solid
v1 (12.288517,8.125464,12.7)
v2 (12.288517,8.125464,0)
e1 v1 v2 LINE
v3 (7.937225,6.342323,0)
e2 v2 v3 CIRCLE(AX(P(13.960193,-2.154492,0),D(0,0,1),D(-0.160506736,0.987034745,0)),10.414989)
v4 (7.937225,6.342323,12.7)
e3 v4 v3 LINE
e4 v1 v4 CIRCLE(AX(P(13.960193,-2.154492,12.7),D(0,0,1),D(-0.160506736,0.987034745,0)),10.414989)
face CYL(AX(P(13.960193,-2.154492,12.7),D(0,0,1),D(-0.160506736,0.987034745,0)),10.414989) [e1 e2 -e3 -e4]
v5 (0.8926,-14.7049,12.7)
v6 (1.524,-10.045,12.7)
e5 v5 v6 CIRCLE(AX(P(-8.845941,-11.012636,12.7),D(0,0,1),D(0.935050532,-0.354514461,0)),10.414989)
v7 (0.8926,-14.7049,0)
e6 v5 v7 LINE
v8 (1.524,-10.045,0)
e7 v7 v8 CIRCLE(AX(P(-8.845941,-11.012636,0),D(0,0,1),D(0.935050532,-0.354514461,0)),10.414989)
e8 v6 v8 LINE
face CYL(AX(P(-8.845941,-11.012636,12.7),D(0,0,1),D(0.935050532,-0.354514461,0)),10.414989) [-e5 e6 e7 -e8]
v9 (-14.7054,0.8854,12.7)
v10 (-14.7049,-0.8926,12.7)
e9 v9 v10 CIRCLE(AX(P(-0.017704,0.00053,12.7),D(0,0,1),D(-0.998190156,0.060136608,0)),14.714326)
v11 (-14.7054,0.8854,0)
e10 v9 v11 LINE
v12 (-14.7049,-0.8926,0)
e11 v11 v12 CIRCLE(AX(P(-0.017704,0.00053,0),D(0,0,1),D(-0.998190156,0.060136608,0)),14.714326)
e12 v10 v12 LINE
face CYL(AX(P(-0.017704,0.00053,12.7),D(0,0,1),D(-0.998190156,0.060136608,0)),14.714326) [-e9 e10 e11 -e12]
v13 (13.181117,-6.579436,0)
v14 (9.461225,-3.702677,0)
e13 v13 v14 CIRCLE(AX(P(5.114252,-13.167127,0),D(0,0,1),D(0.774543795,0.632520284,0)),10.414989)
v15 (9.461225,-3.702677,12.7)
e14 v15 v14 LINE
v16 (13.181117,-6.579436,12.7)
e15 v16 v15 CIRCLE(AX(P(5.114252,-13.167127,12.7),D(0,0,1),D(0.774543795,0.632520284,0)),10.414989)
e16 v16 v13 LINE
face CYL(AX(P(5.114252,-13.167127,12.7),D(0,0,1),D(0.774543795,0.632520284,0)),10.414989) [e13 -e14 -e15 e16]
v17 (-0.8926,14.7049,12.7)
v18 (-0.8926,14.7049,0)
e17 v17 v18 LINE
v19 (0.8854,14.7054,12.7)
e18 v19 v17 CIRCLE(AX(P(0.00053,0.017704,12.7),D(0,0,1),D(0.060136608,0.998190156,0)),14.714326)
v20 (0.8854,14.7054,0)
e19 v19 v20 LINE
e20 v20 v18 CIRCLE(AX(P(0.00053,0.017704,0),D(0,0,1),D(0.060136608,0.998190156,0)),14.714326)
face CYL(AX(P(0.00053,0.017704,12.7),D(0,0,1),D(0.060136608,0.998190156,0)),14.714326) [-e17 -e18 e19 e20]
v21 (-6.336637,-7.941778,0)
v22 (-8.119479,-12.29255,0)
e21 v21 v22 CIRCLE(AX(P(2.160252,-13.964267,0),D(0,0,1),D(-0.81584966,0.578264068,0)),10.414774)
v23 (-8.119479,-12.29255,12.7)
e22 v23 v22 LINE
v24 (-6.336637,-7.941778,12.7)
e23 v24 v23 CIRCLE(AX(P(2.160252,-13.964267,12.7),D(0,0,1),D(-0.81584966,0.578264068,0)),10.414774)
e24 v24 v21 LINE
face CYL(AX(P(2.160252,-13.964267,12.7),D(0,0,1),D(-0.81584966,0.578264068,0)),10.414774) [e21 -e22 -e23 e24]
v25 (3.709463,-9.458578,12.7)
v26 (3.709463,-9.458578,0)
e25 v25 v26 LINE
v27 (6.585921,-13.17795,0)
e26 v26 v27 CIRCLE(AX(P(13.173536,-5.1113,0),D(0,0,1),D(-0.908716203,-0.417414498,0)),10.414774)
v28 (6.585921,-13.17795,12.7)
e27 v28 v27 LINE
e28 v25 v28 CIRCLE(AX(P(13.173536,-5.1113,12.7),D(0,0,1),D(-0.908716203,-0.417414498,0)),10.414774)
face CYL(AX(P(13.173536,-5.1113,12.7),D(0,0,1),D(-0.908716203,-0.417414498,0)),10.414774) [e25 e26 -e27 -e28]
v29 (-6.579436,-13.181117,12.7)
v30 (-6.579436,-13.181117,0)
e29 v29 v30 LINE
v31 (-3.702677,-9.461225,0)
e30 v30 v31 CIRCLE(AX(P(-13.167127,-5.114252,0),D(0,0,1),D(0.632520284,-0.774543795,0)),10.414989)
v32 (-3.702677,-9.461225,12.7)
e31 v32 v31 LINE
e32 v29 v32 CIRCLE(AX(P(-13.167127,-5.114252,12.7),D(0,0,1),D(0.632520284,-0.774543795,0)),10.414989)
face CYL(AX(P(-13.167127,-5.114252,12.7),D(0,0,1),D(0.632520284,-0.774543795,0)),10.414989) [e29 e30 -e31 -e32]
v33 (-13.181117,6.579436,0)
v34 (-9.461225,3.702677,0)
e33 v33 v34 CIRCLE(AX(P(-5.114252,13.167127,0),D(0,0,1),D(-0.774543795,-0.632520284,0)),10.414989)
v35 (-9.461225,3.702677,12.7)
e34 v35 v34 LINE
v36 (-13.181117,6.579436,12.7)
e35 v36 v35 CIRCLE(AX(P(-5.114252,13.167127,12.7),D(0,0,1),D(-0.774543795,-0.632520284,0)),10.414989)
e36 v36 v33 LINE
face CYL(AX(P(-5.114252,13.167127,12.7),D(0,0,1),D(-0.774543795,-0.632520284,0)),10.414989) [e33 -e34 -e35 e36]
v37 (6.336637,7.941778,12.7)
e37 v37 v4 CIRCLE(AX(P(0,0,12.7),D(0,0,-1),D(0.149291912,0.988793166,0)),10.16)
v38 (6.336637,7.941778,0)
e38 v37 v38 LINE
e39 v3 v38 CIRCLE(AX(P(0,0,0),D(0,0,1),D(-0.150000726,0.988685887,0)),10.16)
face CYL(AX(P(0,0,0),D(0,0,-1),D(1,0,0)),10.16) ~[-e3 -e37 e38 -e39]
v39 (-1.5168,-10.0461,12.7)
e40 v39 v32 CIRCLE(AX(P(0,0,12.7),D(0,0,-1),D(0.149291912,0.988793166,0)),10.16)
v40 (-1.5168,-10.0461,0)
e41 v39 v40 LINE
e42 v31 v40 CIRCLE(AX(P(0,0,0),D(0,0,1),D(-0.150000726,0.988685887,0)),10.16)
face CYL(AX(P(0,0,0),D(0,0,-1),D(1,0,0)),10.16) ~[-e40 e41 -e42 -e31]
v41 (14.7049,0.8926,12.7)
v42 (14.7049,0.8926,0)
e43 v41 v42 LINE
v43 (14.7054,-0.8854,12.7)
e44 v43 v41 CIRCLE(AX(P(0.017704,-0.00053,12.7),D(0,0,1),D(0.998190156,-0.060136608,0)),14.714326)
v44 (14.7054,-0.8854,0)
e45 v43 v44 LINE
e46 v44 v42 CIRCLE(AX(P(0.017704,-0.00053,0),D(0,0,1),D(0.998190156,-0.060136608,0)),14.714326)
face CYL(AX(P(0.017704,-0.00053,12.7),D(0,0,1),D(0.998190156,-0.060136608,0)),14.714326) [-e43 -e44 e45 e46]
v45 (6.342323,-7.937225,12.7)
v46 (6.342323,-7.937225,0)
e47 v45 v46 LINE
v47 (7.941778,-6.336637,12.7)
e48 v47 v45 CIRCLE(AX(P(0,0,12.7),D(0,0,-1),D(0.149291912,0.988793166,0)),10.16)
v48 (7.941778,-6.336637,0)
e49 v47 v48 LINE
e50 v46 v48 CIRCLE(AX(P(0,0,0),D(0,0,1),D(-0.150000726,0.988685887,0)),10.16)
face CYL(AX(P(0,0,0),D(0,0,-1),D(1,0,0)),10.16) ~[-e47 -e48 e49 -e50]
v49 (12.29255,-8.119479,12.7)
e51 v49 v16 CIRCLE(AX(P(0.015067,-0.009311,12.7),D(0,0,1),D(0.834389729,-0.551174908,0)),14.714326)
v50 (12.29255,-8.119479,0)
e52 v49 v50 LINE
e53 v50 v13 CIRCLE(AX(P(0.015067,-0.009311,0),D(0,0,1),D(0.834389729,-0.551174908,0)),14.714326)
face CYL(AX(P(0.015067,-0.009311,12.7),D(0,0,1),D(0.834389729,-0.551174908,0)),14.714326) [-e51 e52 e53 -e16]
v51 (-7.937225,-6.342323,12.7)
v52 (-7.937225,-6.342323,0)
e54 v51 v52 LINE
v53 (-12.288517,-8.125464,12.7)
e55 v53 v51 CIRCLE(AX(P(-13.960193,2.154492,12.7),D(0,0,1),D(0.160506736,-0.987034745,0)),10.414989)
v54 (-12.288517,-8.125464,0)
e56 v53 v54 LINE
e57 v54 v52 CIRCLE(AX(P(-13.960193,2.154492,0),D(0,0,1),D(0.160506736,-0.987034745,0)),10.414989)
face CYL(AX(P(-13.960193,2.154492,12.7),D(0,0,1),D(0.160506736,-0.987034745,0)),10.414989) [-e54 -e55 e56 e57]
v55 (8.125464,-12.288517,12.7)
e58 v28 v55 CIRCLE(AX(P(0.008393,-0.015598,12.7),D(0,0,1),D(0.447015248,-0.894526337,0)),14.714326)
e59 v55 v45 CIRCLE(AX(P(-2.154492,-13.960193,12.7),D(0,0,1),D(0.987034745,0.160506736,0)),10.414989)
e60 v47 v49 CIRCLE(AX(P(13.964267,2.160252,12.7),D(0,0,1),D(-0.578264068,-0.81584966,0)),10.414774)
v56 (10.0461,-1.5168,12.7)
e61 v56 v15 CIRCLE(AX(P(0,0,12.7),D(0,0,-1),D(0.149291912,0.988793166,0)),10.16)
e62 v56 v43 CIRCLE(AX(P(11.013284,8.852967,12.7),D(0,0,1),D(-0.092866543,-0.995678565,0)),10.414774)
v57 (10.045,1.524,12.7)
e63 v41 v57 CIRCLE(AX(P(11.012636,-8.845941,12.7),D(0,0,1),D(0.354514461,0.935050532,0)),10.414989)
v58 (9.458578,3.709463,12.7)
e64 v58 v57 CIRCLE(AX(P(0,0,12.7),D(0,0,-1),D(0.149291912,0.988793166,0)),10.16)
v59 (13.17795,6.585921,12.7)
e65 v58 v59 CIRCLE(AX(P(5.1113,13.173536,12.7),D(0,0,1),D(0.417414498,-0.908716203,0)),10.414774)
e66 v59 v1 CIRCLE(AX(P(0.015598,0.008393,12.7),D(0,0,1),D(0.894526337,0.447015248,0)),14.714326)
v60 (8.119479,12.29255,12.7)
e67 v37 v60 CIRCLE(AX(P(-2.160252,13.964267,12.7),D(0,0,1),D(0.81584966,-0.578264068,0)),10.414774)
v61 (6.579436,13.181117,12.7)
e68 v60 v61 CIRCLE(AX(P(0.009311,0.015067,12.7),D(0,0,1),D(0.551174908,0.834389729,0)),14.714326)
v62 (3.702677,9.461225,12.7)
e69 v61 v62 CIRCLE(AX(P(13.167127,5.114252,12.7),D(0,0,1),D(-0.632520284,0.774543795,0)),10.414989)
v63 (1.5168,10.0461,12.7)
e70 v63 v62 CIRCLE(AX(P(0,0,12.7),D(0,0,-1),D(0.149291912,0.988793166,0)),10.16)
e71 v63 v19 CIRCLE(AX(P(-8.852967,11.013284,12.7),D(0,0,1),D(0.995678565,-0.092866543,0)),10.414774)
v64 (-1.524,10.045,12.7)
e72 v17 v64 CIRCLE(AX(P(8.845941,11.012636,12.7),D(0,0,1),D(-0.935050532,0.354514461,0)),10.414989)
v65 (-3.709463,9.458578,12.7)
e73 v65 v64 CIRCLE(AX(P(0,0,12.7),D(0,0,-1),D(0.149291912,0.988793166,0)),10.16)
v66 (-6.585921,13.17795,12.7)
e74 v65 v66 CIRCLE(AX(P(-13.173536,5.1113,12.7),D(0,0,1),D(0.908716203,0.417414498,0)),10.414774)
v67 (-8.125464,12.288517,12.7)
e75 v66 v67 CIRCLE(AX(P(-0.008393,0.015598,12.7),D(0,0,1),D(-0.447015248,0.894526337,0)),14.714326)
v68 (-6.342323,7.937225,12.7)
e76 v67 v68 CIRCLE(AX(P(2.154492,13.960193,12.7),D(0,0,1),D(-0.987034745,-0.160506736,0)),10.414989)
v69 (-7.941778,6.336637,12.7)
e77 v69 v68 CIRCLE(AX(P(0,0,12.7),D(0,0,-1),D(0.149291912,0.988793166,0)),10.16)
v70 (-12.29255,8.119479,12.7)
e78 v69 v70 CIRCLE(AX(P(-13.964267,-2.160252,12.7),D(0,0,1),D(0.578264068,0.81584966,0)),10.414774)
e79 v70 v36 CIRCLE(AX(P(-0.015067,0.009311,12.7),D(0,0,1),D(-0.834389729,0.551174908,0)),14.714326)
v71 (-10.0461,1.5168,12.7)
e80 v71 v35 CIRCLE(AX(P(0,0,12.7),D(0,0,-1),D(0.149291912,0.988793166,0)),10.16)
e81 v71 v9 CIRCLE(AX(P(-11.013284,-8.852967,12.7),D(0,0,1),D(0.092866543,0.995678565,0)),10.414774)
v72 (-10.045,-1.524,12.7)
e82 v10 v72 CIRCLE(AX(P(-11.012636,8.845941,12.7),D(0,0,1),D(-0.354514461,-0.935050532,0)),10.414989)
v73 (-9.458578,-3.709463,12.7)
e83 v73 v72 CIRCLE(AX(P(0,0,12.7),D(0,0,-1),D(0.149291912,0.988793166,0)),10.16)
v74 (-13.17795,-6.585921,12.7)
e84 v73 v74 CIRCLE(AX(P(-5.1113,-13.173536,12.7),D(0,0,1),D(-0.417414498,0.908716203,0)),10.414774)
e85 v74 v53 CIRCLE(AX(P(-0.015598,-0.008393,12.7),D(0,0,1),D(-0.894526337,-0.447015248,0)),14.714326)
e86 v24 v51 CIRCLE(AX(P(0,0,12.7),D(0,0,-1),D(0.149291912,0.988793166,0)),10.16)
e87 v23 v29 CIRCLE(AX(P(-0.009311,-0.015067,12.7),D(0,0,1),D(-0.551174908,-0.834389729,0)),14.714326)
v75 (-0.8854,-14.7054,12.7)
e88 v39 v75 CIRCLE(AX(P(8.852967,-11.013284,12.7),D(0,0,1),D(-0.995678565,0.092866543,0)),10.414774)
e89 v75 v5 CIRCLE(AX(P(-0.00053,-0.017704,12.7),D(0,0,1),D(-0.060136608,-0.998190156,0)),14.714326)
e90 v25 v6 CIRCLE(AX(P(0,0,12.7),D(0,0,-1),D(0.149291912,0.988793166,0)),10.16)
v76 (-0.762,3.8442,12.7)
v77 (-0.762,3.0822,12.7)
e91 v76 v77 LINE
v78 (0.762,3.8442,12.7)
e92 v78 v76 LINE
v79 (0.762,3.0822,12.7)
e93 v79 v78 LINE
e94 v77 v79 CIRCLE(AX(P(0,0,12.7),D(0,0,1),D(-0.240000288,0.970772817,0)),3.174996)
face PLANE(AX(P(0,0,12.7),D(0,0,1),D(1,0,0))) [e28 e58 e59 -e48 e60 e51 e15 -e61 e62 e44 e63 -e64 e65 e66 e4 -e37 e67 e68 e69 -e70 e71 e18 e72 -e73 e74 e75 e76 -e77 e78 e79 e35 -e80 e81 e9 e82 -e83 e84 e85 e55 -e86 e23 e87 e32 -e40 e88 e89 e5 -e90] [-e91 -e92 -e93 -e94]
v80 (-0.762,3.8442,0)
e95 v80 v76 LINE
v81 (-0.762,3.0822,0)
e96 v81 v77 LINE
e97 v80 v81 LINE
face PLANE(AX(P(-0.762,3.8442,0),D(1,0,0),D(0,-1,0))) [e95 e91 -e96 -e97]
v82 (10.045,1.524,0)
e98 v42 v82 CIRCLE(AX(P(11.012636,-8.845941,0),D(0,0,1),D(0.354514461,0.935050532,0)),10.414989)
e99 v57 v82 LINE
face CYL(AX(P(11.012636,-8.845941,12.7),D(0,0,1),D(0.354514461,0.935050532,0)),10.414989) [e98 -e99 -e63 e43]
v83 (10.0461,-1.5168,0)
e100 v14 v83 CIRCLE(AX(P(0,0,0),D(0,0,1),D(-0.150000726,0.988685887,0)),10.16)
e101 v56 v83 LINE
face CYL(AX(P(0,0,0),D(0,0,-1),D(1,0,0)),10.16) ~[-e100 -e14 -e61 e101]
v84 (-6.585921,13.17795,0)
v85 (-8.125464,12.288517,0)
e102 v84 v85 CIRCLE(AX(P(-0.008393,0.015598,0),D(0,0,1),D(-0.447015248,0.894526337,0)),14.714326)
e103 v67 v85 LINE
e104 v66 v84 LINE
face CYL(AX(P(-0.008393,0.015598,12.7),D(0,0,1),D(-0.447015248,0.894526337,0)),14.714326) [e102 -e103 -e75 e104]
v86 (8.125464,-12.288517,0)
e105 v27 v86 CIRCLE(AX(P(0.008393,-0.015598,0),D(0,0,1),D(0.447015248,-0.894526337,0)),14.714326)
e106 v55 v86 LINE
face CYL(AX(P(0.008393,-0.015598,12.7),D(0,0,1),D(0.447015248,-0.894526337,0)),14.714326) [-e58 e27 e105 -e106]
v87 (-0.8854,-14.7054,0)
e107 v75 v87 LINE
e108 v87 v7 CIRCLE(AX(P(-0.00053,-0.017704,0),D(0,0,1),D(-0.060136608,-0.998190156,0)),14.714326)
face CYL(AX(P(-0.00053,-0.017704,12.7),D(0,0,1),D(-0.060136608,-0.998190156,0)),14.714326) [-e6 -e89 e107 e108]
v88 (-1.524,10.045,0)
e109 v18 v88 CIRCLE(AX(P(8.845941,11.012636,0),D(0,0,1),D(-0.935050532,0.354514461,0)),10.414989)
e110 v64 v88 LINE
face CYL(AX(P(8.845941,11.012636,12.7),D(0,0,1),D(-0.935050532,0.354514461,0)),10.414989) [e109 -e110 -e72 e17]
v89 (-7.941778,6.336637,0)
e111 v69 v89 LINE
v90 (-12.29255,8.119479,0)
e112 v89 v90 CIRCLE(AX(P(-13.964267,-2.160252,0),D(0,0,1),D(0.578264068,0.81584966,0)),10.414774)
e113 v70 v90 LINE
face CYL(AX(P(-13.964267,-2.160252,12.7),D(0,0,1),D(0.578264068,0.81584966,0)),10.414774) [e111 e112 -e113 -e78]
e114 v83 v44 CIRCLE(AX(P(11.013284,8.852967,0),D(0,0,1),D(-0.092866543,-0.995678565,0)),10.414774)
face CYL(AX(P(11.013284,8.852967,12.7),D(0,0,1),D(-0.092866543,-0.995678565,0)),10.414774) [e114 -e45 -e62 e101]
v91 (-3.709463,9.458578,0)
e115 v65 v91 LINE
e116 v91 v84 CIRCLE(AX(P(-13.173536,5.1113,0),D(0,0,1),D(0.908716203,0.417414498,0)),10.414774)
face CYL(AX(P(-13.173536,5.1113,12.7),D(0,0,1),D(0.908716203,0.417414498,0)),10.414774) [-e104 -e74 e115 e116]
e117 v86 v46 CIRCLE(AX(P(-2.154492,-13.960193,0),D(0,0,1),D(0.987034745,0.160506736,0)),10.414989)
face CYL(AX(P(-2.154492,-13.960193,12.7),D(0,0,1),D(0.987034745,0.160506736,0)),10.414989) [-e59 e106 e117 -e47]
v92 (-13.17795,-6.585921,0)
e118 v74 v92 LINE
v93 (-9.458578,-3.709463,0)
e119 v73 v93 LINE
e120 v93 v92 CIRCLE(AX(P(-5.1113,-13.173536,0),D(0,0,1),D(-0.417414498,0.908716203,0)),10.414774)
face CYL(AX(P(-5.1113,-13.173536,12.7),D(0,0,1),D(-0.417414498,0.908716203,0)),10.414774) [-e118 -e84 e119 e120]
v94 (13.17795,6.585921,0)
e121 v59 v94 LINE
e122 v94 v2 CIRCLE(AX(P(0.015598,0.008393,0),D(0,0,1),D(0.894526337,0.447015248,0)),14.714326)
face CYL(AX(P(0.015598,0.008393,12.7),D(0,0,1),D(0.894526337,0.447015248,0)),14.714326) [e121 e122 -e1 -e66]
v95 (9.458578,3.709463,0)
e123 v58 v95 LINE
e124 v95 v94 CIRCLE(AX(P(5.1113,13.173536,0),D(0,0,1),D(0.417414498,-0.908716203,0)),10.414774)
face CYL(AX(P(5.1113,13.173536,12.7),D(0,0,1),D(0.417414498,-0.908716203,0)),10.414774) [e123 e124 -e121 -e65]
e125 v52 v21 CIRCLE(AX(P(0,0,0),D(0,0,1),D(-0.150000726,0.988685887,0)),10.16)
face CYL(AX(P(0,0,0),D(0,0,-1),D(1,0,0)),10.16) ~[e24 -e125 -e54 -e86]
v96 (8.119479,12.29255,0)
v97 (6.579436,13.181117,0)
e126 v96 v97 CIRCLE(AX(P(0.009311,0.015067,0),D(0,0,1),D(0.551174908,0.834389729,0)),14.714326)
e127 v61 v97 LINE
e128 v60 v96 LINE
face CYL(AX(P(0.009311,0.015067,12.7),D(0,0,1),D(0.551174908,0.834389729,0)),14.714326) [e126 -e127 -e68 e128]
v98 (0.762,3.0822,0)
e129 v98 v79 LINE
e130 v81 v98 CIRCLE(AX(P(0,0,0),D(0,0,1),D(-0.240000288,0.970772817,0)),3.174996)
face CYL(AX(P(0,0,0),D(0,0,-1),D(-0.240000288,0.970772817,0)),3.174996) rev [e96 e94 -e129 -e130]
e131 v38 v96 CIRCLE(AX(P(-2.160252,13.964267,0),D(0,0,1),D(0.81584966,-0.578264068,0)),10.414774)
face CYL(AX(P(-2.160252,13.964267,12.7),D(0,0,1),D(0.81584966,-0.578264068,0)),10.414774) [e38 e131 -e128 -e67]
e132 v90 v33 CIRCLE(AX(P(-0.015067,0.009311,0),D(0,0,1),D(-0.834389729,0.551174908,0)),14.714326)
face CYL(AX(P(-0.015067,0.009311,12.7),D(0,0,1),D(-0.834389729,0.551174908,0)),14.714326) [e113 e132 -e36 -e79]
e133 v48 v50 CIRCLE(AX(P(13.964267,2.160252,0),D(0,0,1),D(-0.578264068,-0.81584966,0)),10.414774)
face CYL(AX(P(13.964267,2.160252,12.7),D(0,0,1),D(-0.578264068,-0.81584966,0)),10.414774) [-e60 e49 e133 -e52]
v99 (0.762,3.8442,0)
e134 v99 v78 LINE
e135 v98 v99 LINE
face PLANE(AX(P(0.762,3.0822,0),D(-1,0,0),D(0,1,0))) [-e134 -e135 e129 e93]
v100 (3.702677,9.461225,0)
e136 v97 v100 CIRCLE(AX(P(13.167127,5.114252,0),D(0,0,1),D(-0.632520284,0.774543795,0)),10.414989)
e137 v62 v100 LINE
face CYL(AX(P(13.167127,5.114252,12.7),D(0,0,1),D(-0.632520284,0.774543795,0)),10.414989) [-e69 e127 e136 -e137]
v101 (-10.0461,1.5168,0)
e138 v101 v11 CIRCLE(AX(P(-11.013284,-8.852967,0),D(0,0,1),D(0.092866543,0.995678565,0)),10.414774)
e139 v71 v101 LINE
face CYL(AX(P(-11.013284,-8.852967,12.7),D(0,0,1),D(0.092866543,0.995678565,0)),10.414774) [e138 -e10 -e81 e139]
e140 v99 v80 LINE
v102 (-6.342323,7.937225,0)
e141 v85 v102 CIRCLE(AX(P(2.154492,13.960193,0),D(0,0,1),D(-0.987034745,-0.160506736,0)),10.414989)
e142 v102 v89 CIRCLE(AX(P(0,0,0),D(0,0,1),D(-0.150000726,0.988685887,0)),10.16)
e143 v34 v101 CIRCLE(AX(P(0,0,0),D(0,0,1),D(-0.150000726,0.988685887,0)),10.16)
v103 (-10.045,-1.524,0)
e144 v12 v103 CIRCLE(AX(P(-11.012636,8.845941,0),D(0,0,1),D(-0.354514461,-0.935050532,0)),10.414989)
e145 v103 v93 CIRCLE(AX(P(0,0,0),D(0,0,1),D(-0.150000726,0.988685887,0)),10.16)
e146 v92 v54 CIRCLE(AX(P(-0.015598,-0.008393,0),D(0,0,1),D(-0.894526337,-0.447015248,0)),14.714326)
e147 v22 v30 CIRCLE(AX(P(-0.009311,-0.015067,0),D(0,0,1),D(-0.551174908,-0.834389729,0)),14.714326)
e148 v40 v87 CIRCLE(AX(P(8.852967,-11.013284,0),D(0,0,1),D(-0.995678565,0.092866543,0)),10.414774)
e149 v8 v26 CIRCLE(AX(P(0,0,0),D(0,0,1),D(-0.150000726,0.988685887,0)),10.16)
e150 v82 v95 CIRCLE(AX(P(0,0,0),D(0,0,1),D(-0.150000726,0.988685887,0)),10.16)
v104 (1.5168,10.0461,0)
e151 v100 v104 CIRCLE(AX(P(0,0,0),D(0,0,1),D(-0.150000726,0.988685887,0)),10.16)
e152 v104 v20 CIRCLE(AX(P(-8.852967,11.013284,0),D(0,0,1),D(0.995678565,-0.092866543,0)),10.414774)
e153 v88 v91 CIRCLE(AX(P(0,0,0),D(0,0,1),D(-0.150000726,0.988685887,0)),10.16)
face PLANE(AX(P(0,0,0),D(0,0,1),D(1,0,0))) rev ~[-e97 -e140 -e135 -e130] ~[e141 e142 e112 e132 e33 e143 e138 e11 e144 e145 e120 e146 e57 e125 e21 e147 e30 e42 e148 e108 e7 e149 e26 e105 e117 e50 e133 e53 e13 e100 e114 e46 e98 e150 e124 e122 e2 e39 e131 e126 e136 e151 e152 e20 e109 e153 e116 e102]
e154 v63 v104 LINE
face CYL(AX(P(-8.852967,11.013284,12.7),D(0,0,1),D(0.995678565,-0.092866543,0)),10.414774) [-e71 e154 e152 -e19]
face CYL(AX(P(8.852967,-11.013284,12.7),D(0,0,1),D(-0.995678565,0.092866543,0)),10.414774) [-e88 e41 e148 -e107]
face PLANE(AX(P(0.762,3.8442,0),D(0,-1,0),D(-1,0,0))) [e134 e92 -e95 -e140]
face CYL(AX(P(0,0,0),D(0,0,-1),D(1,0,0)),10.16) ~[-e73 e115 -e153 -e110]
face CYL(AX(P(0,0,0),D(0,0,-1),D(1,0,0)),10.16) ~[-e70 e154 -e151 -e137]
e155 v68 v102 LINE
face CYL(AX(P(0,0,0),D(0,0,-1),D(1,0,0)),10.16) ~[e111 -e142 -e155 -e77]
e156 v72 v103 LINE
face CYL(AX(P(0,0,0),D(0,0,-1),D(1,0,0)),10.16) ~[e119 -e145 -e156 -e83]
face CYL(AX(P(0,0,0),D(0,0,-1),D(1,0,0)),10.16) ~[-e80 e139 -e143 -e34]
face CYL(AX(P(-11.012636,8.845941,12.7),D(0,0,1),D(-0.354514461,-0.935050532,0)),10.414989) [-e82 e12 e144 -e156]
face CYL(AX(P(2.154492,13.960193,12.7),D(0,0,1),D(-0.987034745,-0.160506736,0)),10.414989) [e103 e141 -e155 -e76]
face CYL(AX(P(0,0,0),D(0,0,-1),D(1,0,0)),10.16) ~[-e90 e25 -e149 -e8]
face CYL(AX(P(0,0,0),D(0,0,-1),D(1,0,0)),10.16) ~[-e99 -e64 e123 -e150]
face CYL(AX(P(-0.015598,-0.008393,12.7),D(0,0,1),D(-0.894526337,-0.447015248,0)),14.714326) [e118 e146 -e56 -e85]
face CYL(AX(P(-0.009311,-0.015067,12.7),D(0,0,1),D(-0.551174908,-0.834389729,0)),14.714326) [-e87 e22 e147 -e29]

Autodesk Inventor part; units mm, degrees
ref_plane "YZ Plane" through (0, 0, 0) normal (1, 0, 0) x (0, 1, 0)
ref_plane "XZ Plane" through (0, 0, 0) normal (0, 1, 0) x (-1, 0, 0)
ref_plane "XY Plane" through (0, 0, 0) normal (0, 0, 1) x (1, 0, 0)
sketch "Sketch1" plane through (0, 0, 0) normal (0, 0, 1) x (1, 0, 0)
  circle A0 centre (0, 0) radius 10.16
  arc A1 (-0.762, 3.0822) -> (0.762, 3.0822) centre (0, 0) ccw
  line L0 (0.762, 3.0822) -> (0.762, 3.8442)
  line L1 (0.762, 3.8442) -> (-0.762, 3.8442)
  line L2 (-0.762, 3.8442) -> (-0.762, 3.0822)
  point P0 (0, 3.0822)
extrude "Extrusion1" add sketch "Sketch1" along normal blind 12.7
sketch "Sketch2" plane through (0, 0, 12.7) normal (0, 0, 1) x (1, 0, 0)
  arc A0 (0.8854, 14.7054) -> (-0.8926, 14.7049) centre (0, 0) ccw
  arc A1 (-0.762, 3.0822) -> (0.762, 3.0822) centre (0, 0) ccw projected
  circle A2 centre (0, 0) radius 10.16 projected
  arc A3 (1.5168, 10.0461) -> (0.8854, 14.7054) centre (-8.8522, 11.0133) ccw
  arc A4 (-0.8926, 14.7049) -> (-1.524, 10.045) centre (8.8449, 11.0129) ccw
  dimension "d6" = 29.464
  dimension "d8" = 10.414
  dimension "d9" = 10.414
  dimension "d12" = 1.778
extrude "Extrusion2" add sketch "Sketch2" against normal blind 12.7 contours A3 A2 A4 A0
pattern_circular "Circular Pattern1" count 12 over 360 about axis through (0, 0, 0) along (0, 0, 1) of "Extrusion2"
properties part number "Gear" material "Stainless Steel"
